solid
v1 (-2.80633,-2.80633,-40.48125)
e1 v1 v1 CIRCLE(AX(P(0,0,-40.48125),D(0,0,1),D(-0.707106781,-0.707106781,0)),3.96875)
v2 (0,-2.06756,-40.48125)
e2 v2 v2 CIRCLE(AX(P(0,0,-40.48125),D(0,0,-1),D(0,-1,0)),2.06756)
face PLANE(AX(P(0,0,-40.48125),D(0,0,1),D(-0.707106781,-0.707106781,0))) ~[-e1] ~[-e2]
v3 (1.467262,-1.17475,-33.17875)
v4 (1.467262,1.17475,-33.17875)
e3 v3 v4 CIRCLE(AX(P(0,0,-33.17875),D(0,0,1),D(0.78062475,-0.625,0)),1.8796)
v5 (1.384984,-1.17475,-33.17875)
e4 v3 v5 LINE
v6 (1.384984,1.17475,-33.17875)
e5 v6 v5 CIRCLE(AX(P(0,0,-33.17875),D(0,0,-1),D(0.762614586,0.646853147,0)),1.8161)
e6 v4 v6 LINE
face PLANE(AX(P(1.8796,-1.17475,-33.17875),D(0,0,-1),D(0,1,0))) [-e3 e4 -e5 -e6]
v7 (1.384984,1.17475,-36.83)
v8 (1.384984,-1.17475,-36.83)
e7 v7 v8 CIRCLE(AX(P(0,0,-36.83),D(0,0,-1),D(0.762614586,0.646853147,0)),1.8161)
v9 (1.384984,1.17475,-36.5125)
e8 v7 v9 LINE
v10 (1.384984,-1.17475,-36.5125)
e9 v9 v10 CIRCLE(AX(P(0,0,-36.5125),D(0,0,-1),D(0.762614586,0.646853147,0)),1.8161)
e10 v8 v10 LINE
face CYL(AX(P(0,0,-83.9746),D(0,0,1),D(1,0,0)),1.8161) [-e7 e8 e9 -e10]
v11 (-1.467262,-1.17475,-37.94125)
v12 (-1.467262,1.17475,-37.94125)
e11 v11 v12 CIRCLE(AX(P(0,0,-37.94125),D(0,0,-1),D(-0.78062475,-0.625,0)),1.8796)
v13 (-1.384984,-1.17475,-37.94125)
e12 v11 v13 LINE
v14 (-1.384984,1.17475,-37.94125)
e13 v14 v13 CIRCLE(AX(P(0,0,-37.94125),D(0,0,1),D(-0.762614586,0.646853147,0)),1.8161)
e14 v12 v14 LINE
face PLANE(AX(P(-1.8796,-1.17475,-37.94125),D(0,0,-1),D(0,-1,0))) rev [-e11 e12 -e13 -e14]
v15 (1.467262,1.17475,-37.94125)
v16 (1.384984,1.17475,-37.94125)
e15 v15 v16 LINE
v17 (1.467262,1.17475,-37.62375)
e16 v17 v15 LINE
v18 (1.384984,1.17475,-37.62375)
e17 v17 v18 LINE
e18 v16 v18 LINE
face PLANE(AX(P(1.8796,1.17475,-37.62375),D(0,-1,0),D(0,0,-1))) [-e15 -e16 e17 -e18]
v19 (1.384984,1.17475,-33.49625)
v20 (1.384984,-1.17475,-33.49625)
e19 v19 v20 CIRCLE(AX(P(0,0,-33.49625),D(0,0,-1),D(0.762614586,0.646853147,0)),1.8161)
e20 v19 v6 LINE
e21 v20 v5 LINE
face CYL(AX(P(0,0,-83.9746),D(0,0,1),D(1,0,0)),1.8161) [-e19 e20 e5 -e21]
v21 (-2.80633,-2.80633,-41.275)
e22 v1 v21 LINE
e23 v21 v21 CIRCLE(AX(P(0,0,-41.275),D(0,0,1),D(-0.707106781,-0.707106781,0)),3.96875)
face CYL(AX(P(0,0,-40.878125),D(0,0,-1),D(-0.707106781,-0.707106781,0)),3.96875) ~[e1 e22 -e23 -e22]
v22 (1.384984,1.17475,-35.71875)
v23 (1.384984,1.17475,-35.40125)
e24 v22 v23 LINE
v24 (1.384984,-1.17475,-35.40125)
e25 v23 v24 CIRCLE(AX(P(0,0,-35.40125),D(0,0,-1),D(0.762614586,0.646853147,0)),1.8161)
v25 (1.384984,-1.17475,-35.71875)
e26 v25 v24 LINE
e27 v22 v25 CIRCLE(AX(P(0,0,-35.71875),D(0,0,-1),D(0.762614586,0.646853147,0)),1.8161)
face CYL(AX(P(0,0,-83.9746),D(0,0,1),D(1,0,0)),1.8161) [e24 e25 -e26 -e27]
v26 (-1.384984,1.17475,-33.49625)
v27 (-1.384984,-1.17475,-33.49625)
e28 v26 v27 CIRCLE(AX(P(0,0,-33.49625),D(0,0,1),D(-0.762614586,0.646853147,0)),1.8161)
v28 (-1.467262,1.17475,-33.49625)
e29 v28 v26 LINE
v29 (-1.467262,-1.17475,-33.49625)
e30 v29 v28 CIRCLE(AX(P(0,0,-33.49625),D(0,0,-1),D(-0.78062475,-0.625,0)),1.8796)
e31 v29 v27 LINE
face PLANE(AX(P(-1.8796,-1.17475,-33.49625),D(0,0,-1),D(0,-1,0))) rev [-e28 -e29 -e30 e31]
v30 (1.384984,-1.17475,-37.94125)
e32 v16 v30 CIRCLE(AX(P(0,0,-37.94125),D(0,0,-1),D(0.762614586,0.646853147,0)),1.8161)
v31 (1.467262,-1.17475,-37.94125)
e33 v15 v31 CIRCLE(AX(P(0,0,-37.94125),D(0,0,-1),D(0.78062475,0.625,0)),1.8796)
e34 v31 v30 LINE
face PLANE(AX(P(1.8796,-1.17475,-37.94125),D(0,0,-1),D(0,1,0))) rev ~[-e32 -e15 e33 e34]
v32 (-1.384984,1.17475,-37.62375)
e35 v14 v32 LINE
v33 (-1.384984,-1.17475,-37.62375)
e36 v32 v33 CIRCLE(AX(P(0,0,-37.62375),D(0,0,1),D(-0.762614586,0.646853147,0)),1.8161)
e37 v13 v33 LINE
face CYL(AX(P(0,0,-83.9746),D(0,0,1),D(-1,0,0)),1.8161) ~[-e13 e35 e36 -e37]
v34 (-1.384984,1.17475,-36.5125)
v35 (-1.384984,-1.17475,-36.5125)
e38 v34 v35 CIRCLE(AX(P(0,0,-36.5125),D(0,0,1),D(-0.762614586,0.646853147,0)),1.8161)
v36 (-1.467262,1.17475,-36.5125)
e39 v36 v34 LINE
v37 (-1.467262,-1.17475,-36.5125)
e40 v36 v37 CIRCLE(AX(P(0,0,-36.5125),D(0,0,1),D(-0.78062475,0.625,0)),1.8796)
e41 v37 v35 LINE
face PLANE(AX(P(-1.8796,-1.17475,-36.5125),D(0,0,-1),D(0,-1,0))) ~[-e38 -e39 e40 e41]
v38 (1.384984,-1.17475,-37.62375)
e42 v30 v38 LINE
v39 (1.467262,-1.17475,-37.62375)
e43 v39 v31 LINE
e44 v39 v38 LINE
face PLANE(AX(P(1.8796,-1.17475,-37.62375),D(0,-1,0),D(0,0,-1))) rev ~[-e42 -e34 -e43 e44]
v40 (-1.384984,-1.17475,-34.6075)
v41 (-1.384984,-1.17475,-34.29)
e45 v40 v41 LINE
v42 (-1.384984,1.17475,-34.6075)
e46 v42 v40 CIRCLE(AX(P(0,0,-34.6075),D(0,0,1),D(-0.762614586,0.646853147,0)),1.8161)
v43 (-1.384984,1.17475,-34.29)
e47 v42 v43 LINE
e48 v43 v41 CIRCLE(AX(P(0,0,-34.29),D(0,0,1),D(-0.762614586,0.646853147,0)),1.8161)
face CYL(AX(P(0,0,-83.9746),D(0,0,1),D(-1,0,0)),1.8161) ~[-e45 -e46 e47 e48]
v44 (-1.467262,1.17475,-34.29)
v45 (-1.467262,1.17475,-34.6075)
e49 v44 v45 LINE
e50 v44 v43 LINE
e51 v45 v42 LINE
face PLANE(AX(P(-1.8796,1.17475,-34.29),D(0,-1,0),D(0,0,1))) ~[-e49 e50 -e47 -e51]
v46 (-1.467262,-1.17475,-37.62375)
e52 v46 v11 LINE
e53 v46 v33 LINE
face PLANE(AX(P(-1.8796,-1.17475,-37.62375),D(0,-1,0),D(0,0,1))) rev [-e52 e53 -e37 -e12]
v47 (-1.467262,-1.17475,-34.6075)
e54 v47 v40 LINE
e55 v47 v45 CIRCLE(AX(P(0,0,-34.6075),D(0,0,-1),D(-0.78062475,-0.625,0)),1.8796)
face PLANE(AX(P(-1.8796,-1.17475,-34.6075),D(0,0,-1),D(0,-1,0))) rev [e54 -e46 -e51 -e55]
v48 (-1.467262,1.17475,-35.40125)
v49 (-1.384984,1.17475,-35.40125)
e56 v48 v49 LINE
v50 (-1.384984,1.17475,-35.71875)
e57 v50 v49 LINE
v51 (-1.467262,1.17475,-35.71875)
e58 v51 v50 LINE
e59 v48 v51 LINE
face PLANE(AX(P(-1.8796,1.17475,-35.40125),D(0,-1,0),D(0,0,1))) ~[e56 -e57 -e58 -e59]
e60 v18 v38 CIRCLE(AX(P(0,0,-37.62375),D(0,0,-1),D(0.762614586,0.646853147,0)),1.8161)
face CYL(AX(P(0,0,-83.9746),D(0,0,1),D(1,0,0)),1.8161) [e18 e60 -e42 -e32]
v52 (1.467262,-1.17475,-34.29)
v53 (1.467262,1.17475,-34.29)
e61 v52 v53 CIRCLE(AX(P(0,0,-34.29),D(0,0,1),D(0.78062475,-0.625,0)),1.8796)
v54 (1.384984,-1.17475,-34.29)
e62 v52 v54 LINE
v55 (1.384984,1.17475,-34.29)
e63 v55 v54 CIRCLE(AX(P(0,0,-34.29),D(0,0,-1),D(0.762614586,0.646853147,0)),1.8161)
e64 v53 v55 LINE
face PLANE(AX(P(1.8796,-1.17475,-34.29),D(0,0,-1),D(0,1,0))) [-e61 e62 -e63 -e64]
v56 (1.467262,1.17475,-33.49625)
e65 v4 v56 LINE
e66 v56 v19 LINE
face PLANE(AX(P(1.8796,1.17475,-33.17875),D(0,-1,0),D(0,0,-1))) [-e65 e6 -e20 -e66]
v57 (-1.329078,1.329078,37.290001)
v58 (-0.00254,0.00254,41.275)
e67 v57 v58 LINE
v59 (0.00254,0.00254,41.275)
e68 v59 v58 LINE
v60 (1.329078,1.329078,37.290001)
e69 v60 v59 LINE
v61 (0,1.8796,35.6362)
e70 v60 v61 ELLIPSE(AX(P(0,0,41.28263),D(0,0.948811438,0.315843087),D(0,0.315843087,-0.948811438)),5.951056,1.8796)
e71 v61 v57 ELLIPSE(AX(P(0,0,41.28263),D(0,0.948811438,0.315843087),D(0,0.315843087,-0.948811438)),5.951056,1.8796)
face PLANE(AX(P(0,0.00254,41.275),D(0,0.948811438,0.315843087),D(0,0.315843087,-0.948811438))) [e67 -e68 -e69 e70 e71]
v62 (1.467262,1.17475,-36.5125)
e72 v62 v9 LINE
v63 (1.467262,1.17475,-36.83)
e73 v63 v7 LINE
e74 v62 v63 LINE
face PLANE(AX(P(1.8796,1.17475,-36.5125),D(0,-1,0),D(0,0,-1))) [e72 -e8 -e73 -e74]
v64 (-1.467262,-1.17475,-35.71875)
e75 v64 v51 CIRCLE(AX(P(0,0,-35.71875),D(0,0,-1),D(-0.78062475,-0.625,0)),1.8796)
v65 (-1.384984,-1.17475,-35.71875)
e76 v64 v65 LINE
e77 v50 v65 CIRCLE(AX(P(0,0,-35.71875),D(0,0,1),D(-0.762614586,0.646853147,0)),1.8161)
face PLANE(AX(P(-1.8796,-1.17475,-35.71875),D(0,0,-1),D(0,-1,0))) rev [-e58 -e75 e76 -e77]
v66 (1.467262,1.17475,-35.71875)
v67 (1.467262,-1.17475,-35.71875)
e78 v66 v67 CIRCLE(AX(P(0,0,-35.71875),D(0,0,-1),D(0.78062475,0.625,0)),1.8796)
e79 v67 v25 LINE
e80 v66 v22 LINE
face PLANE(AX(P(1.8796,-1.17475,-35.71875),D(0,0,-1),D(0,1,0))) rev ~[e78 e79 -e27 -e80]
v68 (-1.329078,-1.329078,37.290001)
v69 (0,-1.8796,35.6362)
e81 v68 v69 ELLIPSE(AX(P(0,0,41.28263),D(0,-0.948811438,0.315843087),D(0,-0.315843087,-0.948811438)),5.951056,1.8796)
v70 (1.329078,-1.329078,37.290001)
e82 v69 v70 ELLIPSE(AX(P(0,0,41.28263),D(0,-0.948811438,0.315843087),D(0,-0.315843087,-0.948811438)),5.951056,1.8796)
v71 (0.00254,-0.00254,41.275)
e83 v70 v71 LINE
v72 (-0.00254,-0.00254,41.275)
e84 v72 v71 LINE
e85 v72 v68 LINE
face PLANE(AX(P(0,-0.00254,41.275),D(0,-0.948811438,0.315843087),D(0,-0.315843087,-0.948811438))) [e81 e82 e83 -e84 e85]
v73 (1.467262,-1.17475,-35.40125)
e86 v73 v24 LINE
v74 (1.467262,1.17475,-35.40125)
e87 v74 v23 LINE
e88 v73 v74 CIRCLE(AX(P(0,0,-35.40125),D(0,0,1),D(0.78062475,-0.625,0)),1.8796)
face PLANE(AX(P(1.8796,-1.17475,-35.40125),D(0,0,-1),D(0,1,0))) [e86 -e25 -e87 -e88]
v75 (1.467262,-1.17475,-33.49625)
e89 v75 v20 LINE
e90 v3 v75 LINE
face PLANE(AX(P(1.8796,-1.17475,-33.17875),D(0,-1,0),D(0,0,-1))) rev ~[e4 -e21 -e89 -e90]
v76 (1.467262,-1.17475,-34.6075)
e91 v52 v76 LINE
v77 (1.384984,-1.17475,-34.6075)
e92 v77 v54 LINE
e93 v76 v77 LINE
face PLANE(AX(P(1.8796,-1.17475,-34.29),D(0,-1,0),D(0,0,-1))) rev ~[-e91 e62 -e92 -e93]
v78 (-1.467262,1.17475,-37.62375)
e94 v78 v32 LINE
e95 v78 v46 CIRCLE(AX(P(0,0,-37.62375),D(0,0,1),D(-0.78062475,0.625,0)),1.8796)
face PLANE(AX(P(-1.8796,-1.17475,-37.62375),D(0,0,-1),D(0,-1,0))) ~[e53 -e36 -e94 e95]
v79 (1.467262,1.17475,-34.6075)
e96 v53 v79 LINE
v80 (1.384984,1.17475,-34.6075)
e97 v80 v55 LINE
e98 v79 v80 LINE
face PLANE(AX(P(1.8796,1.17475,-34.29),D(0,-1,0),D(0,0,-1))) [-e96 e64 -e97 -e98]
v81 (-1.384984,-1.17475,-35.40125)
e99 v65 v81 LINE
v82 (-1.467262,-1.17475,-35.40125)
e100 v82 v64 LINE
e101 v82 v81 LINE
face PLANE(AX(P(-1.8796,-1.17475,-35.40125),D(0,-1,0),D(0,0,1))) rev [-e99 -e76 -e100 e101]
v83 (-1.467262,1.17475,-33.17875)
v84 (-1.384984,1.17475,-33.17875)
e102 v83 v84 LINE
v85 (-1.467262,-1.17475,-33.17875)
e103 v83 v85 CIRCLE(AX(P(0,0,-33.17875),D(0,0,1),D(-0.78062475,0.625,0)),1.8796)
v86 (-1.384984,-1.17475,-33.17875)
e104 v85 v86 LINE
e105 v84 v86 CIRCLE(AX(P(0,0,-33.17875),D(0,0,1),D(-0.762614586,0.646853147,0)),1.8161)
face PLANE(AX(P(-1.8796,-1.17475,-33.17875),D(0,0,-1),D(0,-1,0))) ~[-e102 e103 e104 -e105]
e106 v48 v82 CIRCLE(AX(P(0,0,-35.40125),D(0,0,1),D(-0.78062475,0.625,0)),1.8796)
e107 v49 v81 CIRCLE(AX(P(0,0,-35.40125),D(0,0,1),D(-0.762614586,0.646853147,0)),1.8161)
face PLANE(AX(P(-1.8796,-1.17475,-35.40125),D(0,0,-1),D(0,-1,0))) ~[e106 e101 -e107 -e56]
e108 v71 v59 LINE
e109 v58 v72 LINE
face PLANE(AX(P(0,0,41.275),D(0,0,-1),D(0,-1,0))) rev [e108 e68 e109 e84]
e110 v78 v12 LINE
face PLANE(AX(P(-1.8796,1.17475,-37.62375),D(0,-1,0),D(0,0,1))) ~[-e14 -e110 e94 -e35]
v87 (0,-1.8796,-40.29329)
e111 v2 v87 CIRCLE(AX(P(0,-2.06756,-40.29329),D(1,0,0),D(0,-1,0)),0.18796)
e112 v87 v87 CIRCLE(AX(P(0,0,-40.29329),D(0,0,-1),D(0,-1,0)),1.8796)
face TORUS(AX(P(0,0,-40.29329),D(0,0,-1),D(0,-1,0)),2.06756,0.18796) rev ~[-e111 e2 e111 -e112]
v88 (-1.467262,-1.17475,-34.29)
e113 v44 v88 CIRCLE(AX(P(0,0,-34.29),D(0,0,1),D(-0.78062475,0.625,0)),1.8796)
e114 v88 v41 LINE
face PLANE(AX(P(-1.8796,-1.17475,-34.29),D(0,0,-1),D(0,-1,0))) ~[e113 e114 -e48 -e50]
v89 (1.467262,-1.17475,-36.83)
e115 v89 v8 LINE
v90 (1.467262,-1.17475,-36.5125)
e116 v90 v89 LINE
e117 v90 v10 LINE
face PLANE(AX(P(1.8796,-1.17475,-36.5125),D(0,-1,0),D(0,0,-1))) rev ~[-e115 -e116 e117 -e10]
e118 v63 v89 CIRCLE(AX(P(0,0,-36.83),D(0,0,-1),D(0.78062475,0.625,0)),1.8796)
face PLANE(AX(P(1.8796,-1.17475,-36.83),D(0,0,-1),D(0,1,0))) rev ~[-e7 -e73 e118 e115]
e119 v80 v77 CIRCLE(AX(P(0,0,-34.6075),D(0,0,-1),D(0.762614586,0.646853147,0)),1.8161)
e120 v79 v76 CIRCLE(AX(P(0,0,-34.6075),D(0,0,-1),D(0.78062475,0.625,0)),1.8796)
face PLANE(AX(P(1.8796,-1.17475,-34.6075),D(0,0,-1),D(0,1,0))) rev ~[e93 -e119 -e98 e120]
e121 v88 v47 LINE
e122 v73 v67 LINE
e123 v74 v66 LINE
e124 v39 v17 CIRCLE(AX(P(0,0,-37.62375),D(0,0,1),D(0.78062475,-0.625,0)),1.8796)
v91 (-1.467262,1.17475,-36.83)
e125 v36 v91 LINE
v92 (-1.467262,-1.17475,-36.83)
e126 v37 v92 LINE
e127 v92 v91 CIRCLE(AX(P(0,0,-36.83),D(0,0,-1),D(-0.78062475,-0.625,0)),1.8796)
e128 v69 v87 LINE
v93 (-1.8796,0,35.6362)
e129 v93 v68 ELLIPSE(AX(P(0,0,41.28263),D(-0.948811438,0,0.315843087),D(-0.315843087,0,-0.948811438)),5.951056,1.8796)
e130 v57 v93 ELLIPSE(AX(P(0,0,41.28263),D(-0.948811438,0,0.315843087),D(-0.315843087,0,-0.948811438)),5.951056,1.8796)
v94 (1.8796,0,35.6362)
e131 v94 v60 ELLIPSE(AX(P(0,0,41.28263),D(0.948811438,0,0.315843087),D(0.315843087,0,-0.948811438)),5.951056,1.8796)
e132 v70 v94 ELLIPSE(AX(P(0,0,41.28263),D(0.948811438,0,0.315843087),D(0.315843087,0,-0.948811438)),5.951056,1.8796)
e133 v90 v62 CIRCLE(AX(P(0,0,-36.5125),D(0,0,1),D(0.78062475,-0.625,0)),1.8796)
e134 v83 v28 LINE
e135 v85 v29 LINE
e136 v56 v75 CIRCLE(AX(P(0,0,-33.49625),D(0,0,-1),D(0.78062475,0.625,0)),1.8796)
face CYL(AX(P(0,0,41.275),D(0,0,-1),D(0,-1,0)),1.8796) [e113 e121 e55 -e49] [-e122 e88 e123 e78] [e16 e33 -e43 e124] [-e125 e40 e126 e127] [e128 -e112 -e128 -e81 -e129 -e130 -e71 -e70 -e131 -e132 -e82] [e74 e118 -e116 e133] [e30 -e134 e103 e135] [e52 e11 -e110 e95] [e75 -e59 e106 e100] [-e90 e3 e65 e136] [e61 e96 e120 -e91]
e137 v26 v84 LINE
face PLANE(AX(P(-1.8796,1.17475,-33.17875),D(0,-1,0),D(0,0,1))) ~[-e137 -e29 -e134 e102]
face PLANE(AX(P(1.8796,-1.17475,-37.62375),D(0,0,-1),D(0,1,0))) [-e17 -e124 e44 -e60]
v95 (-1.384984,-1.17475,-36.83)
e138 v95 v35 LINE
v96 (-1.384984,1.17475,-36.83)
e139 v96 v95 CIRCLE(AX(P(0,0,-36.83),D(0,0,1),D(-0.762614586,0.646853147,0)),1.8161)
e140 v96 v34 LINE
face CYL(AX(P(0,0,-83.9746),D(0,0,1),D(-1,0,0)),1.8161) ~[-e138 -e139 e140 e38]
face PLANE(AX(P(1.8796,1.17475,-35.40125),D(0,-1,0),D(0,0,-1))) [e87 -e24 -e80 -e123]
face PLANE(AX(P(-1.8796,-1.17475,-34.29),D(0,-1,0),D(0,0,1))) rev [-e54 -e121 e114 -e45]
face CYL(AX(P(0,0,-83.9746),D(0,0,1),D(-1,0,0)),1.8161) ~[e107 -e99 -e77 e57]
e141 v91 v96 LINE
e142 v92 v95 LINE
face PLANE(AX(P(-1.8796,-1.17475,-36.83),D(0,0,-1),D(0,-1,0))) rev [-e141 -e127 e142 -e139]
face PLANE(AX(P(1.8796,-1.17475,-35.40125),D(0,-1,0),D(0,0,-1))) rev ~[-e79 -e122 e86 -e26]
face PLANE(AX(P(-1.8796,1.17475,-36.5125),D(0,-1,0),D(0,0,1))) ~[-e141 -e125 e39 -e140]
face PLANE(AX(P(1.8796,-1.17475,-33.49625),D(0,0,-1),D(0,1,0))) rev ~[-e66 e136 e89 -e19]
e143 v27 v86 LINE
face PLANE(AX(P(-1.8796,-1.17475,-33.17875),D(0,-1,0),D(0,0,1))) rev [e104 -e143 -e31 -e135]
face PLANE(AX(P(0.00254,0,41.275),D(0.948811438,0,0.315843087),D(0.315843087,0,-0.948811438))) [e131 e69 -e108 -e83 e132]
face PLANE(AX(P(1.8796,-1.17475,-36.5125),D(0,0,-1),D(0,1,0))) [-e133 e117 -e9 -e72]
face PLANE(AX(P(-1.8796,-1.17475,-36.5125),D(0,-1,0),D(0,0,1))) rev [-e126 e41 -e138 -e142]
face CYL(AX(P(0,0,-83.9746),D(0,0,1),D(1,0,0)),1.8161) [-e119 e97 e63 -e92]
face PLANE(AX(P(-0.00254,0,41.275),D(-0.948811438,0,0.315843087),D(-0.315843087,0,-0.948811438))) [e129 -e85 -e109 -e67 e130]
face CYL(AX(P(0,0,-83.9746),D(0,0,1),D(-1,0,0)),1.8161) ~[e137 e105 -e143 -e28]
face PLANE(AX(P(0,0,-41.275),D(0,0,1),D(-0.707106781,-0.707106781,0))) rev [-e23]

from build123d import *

# Parameters (mm, degrees)
CUT_EXTRUDE1_DEPTH      = 42.360505525
CIRPATTERN1_COUNT       = 4
SKETCH5_W               = 0.79375
SKETCH5_H               = 3.96875
FILLET1_R               = 0.18796
CUT_EXTRUDE3_REACH      = 43.876
CUT_EXTRUDE3_END_RADIUS = 1.8161
SKETCH6_W               = 0.3175
SKETCH6_H               = 2.3495


with BuildPart() as part:
    # Sketch2 → Revolve1 (revolve)
    with BuildSketch(Plane(origin=(0, 0, 0), x_dir=(0, 0, -1), z_dir=(1, 0, 0))):
        Polygon((-35.6362, -1.8796), (41.275, -1.8796), (41.275, 0), (-41.275, 0), (-41.275, -1.8796), align=None)
    revolve(axis=Axis((0, 0, 41.275), (0, 0, -1)))

    # Sketch3 → Cut-Extrude1 (cut, symmetric)
    with BuildSketch(Plane(origin=(0, 0, 0), x_dir=(0, 0, -1), z_dir=(1, 0, 0))):
        Polygon((-41.275, -0.00254), (-35.6362, -1.8796), (-41.275, -1.8796), align=None)
    cut_extrude1 = extrude(amount=CUT_EXTRUDE1_DEPTH, both=True, mode=Mode.SUBTRACT)

    # CirPattern1: Cut-Extrude1 ×4 about axis
    cirpattern1_axis = Axis((0, 0, 0), (0, 0, 1))
    for i in range(1, CIRPATTERN1_COUNT):
        add(cut_extrude1.rotate(cirpattern1_axis, i * 360 / CIRPATTERN1_COUNT), mode=Mode.SUBTRACT)

    # Sketch5 → Revolve2 (revolve)
    with BuildSketch(Plane(origin=(0, 0, 0), x_dir=(0, 0, -1), z_dir=(1, 0, 0)), mode=Mode.PRIVATE) as revolve2_sk:
        with Locations((40.878125, 1.984375)):
            Rectangle(SKETCH5_W, SKETCH5_H)
    revolve(revolve2_sk.sketch.rotate(Axis((0, 0, -41.275), (0, 0, 1)), 135), axis=Axis((0, 0, -41.275), (0, 0, 1)))

    # Fillet1
    fillet1_edges = [part.edges().sort_by_distance(p)[0] for p in [
        (0, 1.8796, -40.48125),
    ]]
    fillet(fillet1_edges, radius=FILLET1_R)

    # Cut-Extrude3: up to this cylinder (the profile starts outside it)
    cut_extrude3_end = Plane(origin=(0, 0, -35.56), z_dir=(0, 0, 1)) * Cylinder(CUT_EXTRUDE3_END_RADIUS, 96.8292, mode=Mode.PRIVATE)
    # Sketch6 → Cut-Extrude3 (cut, up to the surface)
    with BuildSketch(Plane(origin=(1.8796, 0, 0), x_dir=(0, 0, -1), z_dir=(1, 0, 0)), mode=Mode.PRIVATE) as cut_extrude3_sk1:
        with Locations((33.3375, 0)):
            Rectangle(SKETCH6_W, SKETCH6_H)
    cut_extrude3_tool1 = extrude(cut_extrude3_sk1.sketch, amount=-CUT_EXTRUDE3_REACH, mode=Mode.PRIVATE) - cut_extrude3_end
    # Sketch6 → Cut-Extrude3 (cut, up to the surface)
    with BuildSketch(Plane(origin=(1.8796, 0, 0), x_dir=(0, 0, -1), z_dir=(1, 0, 0)), mode=Mode.PRIVATE) as cut_extrude3_sk2:
        with Locations((34.44875, 0)):
            Rectangle(SKETCH6_W, SKETCH6_H)
    cut_extrude3_tool2 = extrude(cut_extrude3_sk2.sketch, amount=-CUT_EXTRUDE3_REACH, mode=Mode.PRIVATE) - cut_extrude3_end
    # Sketch6 → Cut-Extrude3 (cut, up to the surface)
    with BuildSketch(Plane(origin=(1.8796, 0, 0), x_dir=(0, 0, -1), z_dir=(1, 0, 0)), mode=Mode.PRIVATE) as cut_extrude3_sk3:
        with Locations((35.56, 0)):
            Rectangle(SKETCH6_W, SKETCH6_H)
    cut_extrude3_tool3 = extrude(cut_extrude3_sk3.sketch, amount=-CUT_EXTRUDE3_REACH, mode=Mode.PRIVATE) - cut_extrude3_end
    # Sketch6 → Cut-Extrude3 (cut, up to the surface)
    with BuildSketch(Plane(origin=(1.8796, 0, 0), x_dir=(0, 0, -1), z_dir=(1, 0, 0)), mode=Mode.PRIVATE) as cut_extrude3_sk4:
        with Locations((36.67125, 0)):
            Rectangle(SKETCH6_W, SKETCH6_H)
    cut_extrude3_tool4 = extrude(cut_extrude3_sk4.sketch, amount=-CUT_EXTRUDE3_REACH, mode=Mode.PRIVATE) - cut_extrude3_end
    # Sketch6 → Cut-Extrude3 (cut, up to the surface)
    with BuildSketch(Plane(origin=(1.8796, 0, 0), x_dir=(0, 0, -1), z_dir=(1, 0, 0)), mode=Mode.PRIVATE) as cut_extrude3_sk5:
        with Locations((37.7825, 0)):
            Rectangle(SKETCH6_W, SKETCH6_H)
    cut_extrude3_tool5 = extrude(cut_extrude3_sk5.sketch, amount=-CUT_EXTRUDE3_REACH, mode=Mode.PRIVATE) - cut_extrude3_end
    cut_extrude3 = cut_extrude3_tool1.solids().sort_by_distance((1.8796, 0, -33.3375))[0] + cut_extrude3_tool2.solids().sort_by_distance((1.8796, 0, -34.44875))[0] + cut_extrude3_tool3.solids().sort_by_distance((1.8796, 0, -35.56))[0] + cut_extrude3_tool4.solids().sort_by_distance((1.8796, 0, -36.67125))[0] + cut_extrude3_tool5.solids().sort_by_distance((1.8796, 0, -37.7825))[0]
    add(cut_extrude3, mode=Mode.SUBTRACT)

    # Mirror1: Cut-Extrude3 across plane
    add(cut_extrude3.mirror(Plane(origin=(0, 0, 0), x_dir=(0, 0, 1), z_dir=(1, 0, 0))), mode=Mode.SUBTRACT)


solid = part.part
